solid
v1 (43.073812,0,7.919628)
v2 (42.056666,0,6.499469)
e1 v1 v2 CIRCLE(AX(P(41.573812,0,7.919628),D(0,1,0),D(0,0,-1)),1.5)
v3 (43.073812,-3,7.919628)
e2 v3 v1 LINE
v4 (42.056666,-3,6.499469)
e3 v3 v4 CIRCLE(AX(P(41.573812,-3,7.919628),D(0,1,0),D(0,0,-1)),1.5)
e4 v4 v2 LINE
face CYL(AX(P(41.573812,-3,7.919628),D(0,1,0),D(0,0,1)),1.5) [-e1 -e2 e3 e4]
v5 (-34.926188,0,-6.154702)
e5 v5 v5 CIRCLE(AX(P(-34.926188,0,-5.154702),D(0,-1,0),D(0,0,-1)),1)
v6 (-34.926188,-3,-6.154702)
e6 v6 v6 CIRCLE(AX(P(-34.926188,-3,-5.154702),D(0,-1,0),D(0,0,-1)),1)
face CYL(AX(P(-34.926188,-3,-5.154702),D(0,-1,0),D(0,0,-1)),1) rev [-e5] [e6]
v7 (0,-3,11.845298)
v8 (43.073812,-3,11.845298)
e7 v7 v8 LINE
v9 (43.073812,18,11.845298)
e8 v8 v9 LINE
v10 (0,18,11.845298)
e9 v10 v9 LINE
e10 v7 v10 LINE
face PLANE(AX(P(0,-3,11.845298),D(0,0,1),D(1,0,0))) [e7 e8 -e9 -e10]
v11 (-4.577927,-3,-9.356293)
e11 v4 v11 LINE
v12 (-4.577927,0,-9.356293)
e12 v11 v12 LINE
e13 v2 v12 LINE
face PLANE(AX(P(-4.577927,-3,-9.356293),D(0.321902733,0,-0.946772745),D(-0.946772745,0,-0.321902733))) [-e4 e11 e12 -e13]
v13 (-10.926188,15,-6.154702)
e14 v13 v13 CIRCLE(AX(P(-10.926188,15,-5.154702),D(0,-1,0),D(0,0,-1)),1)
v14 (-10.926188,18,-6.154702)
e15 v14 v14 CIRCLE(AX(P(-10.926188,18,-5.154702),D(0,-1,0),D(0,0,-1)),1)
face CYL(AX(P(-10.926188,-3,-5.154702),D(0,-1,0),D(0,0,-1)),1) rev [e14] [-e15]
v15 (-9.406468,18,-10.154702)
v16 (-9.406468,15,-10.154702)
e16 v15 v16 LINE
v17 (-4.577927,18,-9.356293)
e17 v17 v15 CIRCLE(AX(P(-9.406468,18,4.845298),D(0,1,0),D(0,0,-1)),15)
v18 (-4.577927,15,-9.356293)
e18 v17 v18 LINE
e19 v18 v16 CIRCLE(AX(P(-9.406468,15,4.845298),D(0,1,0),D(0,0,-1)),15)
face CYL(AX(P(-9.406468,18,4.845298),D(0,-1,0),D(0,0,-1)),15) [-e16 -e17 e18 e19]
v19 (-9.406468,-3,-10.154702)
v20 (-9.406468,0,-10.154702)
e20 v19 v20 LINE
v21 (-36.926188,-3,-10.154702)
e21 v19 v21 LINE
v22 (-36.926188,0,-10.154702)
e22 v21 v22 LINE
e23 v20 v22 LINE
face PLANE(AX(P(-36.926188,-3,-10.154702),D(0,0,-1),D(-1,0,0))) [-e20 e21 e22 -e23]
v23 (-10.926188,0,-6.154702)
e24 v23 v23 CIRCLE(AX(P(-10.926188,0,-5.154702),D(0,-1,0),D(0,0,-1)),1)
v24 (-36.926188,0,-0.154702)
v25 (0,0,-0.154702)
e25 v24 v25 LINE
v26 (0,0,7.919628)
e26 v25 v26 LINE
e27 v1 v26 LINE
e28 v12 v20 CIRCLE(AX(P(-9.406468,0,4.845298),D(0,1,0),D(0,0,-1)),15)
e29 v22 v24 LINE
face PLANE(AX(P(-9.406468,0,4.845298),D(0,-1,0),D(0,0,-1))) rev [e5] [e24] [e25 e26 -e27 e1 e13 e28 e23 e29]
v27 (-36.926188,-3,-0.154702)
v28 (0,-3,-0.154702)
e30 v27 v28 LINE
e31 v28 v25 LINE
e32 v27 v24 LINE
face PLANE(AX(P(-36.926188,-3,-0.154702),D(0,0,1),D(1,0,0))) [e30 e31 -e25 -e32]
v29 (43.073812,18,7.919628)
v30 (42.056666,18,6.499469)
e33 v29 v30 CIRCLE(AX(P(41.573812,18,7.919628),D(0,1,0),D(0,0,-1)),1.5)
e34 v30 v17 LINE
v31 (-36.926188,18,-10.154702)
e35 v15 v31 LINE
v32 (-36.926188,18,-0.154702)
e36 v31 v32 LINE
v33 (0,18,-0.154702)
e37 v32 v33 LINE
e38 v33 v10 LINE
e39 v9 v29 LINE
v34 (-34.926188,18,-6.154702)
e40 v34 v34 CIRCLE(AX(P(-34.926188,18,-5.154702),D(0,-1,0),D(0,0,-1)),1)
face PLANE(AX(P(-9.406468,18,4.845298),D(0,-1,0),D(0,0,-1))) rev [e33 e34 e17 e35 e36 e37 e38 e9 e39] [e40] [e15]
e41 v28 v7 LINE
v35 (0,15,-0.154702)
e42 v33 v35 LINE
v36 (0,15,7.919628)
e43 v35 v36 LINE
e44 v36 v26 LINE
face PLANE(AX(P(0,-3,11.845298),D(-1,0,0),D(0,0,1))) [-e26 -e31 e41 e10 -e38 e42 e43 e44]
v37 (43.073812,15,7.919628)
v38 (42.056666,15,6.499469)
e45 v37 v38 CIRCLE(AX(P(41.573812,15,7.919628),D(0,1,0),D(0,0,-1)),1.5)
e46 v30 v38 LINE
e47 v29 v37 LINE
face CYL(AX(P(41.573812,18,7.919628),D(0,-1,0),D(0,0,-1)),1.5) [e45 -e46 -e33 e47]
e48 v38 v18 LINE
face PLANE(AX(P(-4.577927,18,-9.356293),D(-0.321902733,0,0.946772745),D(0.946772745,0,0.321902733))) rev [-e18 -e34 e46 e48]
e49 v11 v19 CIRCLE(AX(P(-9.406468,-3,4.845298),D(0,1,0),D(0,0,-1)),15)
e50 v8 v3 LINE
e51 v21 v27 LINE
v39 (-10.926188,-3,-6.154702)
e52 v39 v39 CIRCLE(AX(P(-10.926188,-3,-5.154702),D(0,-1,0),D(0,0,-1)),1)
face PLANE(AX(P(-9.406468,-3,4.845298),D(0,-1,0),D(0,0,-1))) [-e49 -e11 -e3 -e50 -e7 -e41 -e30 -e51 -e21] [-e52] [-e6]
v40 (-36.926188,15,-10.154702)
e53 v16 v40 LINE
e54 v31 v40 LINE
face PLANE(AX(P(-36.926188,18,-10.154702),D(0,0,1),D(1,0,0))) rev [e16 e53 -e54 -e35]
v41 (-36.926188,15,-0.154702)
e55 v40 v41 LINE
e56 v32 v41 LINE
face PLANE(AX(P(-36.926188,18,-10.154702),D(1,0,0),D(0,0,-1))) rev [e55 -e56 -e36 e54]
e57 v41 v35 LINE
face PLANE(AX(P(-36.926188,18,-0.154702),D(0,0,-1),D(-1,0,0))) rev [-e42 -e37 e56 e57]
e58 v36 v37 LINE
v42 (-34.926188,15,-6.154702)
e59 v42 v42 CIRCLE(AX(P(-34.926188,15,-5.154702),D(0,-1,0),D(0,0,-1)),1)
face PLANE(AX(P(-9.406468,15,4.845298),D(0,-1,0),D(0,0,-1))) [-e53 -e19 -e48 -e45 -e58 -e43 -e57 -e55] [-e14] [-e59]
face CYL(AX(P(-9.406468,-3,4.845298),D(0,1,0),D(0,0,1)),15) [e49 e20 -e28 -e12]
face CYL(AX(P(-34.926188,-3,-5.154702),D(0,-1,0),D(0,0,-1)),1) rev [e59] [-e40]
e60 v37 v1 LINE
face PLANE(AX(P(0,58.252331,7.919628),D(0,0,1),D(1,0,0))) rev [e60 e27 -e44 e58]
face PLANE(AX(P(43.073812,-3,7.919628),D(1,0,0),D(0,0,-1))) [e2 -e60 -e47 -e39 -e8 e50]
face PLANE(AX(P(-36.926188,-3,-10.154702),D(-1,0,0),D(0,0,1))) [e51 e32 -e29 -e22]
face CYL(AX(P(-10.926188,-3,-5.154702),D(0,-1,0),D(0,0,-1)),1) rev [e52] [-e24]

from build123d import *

# Parameters (mm, degrees)
BOSS_EXTRUDE1_DEPTH                      = 3
BOSS_EXTRUDE2_START                      = 15
BOSS_EXTRUDE2_DEPTH                      = 3
SKETCH3_W                                = 1
SKETCH3_H                                = 21
F_2_0MM_CLEARANCE_DOWEL_HOLE1_AT_2_COUNT = 2
F_2_0MM_CLEARANCE_DOWEL_HOLE1_AT_2_PITCH = 24
SKETCH5_W                                = 43.073811931
SKETCH5_H                                = 3.925670489
BOSS_EXTRUDE3_DEPTH                      = 15


with BuildPart() as part:
    # Sketch1 → Boss-Extrude1 (new body)
    with BuildSketch(Plane(origin=(0, 0, 0), x_dir=(1, 0, 0), z_dir=(0, 1, 0))):
        with BuildLine():
            Line((-4.577926811, 9.356292891), (42.056666031, -6.499468675))
            ThreePointArc((42.056666031, -6.499468675), (42.793295664, -7.04620955), (43.073811931, -7.919627792))
            Line((43.073811931, -7.919627792), (43.073811931, -11.845298281))
            Line((43.073811931, -11.845298281), (0, -11.845298281))
            Line((0, -11.845298281), (0, 0.154701719))
            Line((0, 0.154701719), (-36.926188069, 0.154701719))
            Line((-36.926188069, 0.154701719), (-36.926188069, 10.154701719))
            Line((-36.926188069, 10.154701719), (-9.406467809, 10.154701719))
            ThreePointArc((-9.406467809, 10.154701719), (-6.959415254, 9.953753506), (-4.577926811, 9.356292891))
        make_face()
    extrude(amount=-BOSS_EXTRUDE1_DEPTH)


with BuildPart() as body_2:
    # Sketch1<2> → Boss-Extrude2 (new body)
    with BuildSketch(Plane(origin=(0, 0, 0), x_dir=(1, 0, 0), z_dir=(0, 1, 0)).offset(BOSS_EXTRUDE2_START)):
        with BuildLine():
            Line((-4.577926811, 9.356292891), (42.056666031, -6.499468675))
            ThreePointArc((42.056666031, -6.499468675), (42.793295664, -7.04620955), (43.073811931, -7.919627792))
            Line((43.073811931, -7.919627792), (43.073811931, -11.845298281))
            Line((43.073811931, -11.845298281), (0, -11.845298281))
            Line((0, -11.845298281), (0, 0.154701719))
            Line((0, 0.154701719), (-36.926188069, 0.154701719))
            Line((-36.926188069, 0.154701719), (-36.926188069, 10.154701719))
            Line((-36.926188069, 10.154701719), (-9.406467809, 10.154701719))
            ThreePointArc((-9.406467809, 10.154701719), (-6.959415254, 9.953753506), (-4.577926811, 9.356292891))
        make_face()
    extrude(amount=BOSS_EXTRUDE2_DEPTH)


with BuildPart() as f_2_0mm_clearance_dowel_hole1_tool:
    # Sketch3 → Ø2.0mm Clearance Dowel Hole1 (revolve)
    with BuildSketch(Plane(origin=(-34.926188069, -3, -5.154701719), x_dir=(0, 0, -1), z_dir=(1, 0, 0))):
        with Locations((0.5, 10.5)):
            Rectangle(SKETCH3_W, SKETCH3_H)
    f_2_0mm_clearance_dowel_hole1 = revolve(axis=Axis((-34.926188069, -9.35, -5.154701719), (0, 1, 0)))


with BuildPart() as part_1:
    add(part.part)

    # Ø2.0mm Clearance Dowel Hole1: cut by f_2_0mm_clearance_dowel_hole1_tool
    add(f_2_0mm_clearance_dowel_hole1_tool.part, mode=Mode.SUBTRACT)


with BuildPart() as body_2_1:
    add(body_2.part)

    # Ø2.0mm Clearance Dowel Hole1: cut by f_2_0mm_clearance_dowel_hole1_tool
    add(f_2_0mm_clearance_dowel_hole1_tool.part, mode=Mode.SUBTRACT)


with BuildPart() as f_2_0mm_clearance_dowel_hole1_at_2_tool:
    # Ø2.0mm Clearance Dowel Hole1 at 2: Ø2.0mm Clearance Dowel Hole1 ×2
    with Locations(*[(i * F_2_0MM_CLEARANCE_DOWEL_HOLE1_AT_2_PITCH, 0, 0) for i in range(1, F_2_0MM_CLEARANCE_DOWEL_HOLE1_AT_2_COUNT)]):
        add(f_2_0mm_clearance_dowel_hole1)


with BuildPart() as part_2:
    add(part_1.part)

    # Ø2.0mm Clearance Dowel Hole1 at 2: cut by f_2_0mm_clearance_dowel_hole1_at_2_tool
    add(f_2_0mm_clearance_dowel_hole1_at_2_tool.part, mode=Mode.SUBTRACT)



with BuildPart() as body_2_2:
    add(body_2_1.part)

    # Ø2.0mm Clearance Dowel Hole1 at 2: cut by f_2_0mm_clearance_dowel_hole1_at_2_tool
    add(f_2_0mm_clearance_dowel_hole1_at_2_tool.part, mode=Mode.SUBTRACT)


with BuildPart() as part_3:
    add(part_2.part)

    add(body_2_2.part)  # Boss-Extrude3 merges body 2
    # Sketch5 → Boss-Extrude3 (add)
    with BuildSketch(Plane(origin=(0, 0, 0), x_dir=(1, 0, 0), z_dir=(0, 1, 0))):
        with Locations((21.536905966, -9.882463037)):
            Rectangle(SKETCH5_W, SKETCH5_H)
    extrude(amount=BOSS_EXTRUDE3_DEPTH)


solid = part_3.part
